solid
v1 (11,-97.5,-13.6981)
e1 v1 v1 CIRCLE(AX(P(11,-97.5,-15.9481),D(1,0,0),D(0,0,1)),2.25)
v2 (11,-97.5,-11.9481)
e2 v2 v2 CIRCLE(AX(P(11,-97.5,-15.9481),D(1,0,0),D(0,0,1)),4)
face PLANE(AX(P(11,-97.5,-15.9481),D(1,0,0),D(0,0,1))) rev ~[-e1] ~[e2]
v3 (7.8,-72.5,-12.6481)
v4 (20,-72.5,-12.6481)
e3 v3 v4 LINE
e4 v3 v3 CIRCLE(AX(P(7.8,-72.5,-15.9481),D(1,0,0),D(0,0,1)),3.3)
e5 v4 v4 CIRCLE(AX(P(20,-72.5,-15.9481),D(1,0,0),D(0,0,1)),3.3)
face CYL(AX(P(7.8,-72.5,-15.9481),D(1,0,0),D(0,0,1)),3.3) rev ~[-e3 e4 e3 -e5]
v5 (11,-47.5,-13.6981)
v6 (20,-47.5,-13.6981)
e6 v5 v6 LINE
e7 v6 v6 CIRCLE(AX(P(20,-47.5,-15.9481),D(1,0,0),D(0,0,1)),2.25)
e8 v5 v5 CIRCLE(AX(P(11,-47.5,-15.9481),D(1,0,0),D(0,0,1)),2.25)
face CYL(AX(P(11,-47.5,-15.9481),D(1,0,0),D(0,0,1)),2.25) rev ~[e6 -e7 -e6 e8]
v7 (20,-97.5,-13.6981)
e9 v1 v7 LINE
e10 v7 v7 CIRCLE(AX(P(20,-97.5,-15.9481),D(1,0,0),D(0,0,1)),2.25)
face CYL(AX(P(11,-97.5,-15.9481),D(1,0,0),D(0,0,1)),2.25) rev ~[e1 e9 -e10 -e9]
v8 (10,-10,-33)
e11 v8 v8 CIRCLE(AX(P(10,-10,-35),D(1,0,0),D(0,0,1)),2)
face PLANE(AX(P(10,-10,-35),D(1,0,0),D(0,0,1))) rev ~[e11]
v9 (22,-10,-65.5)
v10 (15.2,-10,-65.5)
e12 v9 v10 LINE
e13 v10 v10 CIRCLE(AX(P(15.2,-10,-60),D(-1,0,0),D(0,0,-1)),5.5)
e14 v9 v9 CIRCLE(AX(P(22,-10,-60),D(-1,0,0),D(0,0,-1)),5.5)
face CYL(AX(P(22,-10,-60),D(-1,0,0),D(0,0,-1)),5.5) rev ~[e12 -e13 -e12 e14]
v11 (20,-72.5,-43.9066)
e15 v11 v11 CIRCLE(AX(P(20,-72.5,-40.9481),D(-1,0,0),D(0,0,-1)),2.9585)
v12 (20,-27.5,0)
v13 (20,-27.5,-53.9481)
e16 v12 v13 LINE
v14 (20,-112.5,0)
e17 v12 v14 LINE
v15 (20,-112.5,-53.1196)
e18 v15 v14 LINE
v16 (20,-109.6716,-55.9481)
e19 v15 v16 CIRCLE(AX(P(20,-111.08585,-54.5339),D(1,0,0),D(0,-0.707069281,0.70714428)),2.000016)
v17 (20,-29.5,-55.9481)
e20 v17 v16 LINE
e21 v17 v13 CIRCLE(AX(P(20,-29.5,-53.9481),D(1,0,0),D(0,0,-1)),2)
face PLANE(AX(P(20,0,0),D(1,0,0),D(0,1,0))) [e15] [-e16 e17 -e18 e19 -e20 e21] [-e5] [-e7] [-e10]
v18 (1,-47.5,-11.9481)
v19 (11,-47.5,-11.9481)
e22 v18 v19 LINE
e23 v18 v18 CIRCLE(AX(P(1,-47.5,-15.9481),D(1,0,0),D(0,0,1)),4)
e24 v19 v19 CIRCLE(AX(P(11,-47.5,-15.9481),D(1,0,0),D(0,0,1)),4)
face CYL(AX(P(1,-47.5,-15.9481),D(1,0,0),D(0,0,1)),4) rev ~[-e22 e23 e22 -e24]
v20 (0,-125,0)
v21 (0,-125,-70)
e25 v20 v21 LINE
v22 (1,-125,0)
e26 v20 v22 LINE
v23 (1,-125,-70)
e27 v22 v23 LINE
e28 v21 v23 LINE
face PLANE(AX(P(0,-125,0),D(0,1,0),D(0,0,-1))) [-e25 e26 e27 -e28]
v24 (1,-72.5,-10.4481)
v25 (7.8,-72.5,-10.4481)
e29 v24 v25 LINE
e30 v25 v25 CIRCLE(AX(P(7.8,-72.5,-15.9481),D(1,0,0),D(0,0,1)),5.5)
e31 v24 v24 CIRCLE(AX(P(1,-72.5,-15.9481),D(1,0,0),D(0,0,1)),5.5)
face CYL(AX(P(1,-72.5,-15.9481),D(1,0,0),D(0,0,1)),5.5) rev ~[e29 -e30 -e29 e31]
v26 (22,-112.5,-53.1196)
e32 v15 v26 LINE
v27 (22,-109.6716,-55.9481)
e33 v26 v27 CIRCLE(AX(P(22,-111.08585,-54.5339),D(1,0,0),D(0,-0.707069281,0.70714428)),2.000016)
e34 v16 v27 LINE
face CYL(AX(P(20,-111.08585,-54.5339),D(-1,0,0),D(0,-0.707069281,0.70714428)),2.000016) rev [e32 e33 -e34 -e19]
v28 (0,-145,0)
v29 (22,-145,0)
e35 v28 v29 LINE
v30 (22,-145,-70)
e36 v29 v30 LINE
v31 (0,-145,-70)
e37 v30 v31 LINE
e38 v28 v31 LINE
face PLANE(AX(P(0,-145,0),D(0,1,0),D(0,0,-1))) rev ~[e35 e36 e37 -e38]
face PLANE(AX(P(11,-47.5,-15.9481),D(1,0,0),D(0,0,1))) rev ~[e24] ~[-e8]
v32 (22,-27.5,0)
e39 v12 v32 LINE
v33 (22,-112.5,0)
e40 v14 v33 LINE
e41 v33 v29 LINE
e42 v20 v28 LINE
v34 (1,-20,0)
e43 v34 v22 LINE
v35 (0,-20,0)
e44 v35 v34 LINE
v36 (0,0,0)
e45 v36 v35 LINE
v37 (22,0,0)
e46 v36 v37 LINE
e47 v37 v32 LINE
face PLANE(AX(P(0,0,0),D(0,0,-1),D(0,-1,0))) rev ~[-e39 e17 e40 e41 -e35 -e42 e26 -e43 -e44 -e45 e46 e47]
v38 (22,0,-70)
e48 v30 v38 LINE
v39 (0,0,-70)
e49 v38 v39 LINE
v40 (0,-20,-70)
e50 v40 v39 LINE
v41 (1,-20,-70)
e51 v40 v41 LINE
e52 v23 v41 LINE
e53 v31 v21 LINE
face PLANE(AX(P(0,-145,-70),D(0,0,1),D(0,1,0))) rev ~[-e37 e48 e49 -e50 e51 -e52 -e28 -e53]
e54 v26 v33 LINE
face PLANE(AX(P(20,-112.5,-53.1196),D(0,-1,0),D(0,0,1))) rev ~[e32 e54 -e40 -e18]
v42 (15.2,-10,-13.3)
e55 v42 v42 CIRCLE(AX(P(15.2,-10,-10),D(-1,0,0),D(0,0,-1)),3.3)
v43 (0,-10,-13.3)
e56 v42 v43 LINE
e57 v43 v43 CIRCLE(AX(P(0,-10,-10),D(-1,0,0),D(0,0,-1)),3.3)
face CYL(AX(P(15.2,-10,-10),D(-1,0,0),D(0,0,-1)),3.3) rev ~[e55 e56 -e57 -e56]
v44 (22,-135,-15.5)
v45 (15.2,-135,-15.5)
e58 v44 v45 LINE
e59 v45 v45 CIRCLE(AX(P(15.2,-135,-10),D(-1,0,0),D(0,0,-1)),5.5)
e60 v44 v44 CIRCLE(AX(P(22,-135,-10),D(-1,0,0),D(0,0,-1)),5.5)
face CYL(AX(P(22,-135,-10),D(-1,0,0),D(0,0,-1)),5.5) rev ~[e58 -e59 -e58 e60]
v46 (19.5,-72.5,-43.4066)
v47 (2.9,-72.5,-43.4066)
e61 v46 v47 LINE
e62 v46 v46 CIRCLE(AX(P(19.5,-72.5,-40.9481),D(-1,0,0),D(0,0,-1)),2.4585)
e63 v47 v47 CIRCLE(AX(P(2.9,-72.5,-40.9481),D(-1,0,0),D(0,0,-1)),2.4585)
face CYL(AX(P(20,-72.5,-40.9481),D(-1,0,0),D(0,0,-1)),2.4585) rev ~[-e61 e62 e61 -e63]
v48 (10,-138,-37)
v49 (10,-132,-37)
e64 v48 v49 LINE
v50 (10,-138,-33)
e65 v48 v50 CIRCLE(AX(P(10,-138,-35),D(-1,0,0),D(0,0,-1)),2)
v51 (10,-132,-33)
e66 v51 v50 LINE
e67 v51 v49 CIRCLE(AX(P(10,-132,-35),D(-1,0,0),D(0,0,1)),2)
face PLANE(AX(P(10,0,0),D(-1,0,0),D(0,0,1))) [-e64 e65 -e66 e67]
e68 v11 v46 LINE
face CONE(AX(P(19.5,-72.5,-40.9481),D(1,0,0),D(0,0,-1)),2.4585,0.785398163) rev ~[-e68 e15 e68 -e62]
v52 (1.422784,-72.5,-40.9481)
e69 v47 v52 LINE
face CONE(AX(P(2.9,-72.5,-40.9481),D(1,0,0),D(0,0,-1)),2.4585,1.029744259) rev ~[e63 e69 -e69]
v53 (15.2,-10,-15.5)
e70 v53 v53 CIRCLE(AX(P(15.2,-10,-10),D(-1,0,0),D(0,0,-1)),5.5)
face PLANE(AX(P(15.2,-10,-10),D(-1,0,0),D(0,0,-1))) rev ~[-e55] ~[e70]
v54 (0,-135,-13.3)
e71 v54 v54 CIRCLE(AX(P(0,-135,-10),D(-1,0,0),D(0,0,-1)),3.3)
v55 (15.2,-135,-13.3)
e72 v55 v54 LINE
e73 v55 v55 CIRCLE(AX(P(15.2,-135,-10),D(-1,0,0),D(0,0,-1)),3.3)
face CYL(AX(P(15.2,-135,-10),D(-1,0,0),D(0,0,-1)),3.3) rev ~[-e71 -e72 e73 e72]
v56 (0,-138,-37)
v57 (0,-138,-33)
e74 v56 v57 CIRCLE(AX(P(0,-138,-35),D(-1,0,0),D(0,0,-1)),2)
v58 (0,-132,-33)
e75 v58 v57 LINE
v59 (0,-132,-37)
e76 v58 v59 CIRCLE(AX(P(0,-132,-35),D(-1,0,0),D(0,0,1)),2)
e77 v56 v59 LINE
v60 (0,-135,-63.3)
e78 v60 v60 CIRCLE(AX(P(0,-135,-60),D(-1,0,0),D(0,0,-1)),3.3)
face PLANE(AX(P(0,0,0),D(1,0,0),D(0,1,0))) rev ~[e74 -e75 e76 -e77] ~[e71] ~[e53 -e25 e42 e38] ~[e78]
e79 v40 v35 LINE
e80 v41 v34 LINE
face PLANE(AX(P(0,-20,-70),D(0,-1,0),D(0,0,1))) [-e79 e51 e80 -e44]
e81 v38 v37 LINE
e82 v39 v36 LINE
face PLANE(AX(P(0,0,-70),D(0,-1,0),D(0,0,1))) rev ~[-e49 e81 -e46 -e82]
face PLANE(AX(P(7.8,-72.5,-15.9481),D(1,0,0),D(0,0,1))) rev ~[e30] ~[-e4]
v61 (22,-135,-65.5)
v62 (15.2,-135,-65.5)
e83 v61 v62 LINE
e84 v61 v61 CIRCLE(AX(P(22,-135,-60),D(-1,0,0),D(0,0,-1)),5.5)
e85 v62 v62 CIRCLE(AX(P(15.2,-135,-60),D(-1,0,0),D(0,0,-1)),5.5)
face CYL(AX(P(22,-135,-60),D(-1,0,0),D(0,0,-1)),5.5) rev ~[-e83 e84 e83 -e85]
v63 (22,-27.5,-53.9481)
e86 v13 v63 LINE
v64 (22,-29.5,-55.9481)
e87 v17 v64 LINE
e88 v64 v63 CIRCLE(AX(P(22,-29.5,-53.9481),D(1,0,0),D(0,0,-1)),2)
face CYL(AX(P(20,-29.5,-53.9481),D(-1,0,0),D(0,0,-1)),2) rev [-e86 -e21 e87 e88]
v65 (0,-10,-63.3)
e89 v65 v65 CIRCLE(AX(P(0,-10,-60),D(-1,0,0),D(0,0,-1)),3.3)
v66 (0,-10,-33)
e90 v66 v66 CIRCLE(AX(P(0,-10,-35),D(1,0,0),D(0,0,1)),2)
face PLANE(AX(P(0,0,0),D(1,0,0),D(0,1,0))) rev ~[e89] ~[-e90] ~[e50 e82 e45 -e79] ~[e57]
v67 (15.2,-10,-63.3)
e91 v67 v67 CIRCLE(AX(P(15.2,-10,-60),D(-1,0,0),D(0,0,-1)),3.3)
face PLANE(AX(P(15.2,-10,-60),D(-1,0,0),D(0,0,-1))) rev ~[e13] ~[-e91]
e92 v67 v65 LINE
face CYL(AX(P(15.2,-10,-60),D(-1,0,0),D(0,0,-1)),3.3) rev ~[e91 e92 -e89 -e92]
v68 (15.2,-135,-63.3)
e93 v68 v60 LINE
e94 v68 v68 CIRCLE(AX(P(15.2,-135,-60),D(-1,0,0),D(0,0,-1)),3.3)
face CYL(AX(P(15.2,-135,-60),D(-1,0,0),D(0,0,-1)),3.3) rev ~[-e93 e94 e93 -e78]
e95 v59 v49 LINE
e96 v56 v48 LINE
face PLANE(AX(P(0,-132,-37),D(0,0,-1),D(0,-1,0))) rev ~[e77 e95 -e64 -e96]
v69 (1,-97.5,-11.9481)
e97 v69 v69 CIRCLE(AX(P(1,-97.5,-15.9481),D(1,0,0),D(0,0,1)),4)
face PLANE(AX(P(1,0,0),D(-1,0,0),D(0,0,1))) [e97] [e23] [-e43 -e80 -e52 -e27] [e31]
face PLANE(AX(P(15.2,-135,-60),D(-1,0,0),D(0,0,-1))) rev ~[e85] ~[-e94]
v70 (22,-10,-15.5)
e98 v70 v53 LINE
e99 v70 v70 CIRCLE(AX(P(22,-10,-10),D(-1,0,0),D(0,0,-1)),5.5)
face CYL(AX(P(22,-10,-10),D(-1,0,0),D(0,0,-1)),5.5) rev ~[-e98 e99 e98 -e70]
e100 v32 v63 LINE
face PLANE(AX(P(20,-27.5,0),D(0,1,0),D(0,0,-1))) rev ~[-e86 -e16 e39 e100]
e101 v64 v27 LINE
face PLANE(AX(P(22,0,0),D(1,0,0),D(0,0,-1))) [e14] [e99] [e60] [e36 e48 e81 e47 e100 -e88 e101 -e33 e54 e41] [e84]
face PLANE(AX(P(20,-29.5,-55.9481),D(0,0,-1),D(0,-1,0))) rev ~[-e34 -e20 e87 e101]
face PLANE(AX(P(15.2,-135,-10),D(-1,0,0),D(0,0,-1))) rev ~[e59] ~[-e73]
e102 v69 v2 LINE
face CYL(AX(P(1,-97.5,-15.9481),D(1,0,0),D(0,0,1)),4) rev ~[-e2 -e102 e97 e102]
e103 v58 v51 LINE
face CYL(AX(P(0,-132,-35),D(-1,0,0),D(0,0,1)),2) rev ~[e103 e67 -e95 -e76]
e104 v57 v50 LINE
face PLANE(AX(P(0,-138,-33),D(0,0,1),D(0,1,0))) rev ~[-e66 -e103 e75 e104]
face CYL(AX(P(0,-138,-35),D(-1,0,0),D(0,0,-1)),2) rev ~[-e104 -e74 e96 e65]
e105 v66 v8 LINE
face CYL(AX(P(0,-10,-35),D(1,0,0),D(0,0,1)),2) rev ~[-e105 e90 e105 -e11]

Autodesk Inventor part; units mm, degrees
ref_plane "YZ Plane" through (0, 0, 0) normal (1, 0, 0) x (0, 1, 0)
ref_plane "XZ Plane" through (0, 0, 0) normal (0, 1, 0) x (-1, 0, 0)
ref_plane "XY Plane" through (0, 0, 0) normal (0, 0, 1) x (1, 0, 0)
sketch "Sketch1" plane through (0, 0, 0) normal (1, 0, 0) x (0, 1, 0)
  line L0 (0, 0) -> (-145, 0)
  line L1 (-145, 0) -> (-145, -70)
  line L2 (-145, -70) -> (0, -70)
  line L3 (0, -70) -> (0, 0)
  dimension "d0" = 145
  dimension "d1" = 70
extrude "Extrusion1" add sketch "Sketch1" along normal blind 20
sketch "Sketch5" plane through (20, 0, 0) normal (1, 0, 0) x (0, 0, -1)
  line L0 (49.9481, -33) -> (-5.5519, -33) projected
  arc A0 (-6.6519, -32.6703) -> (-5.5519, -33) centre (-5.5519, -31) ccw projected
  line L1 (-6.6519, -32.6703) -> (-6.6519, -47) projected
  arc A1 (-9.5519, -49.9) -> (-6.6519, -47) centre (-9.5519, -47) ccw projected
  line L2 (-9.5519, -49.9) -> (-23.8816, -49.9) projected
  arc A2 (-23.5519, -51) -> (-23.8816, -49.9) centre (-25.5519, -51) ccw projected
  line L3 (-23.5519, -51) -> (-23.5519, -106.5) projected
  arc A3 (-23.5519, -106.5) -> (-18.0519, -112) centre (-18.0519, -106.5) ccw projected
  line L4 (-18.0519, -112) -> (49.9481, -112) projected
  arc A4 (49.9481, -112) -> (55.4481, -106.5) centre (49.9481, -106.5) ccw projected
  line L5 (55.4481, -106.5) -> (55.4481, -38.5) projected
  arc A5 (55.4481, -38.5) -> (49.9481, -33) centre (49.9481, -38.5) ccw projected
  circle A6 centre (15.9481, -97.5) radius 1.65 projected
  circle A7 centre (15.9481, -47.5) radius 1.65 projected
  circle A8 centre (50.6979, -96.4808) radius 0.6924 projected
  circle A9 centre (-9.0519, -72.5) radius 5.5 projected
  circle A10 centre (40.9481, -72.5) radius 5.5 projected
  circle A11 centre (15.9481, -72.5) radius 2.5 projected
  circle A12 centre (-9.0519, -97.5) radius 4 projected
  circle A13 centre (40.9481, -47.5) radius 4 projected
  circle A14 centre (28.9481, -89.75) radius 1.5 projected
  circle A15 centre (47.9481, -43.6) radius 1.5 projected
  circle A16 centre (-12.9519, -104.5) radius 1.5 projected
  circle A17 centre (33.1981, -85.5) radius 1.5 projected
  circle A18 centre (-1.8019, -49.6) radius 1.5 projected
  circle A19 centre (-6.9519, -54.75) radius 1.5 projected
  line L6 (43.2888, -99.6225) -> (54.231, -96.5) projected
  line L7 (54.231, -96.5) -> (50.8902, -107.3775) projected
  line L8 (50.8902, -107.3775) -> (39.9481, -110.5) projected
  line L9 (39.9481, -110.5) -> (43.2888, -99.6225) projected
  line L10 (49.9481, -32.5) -> (-5.5519, -32.5) projected
  arc A20 (55.9481, -38.5) -> (49.9481, -32.5) centre (49.9481, -38.5) ccw projected
  line L11 (55.9481, -106.5) -> (55.9481, -38.5) projected
  arc A21 (49.9481, -112.5) -> (55.9481, -106.5) centre (49.9481, -106.5) ccw projected
  line L12 (-18.0519, -112.5) -> (49.9481, -112.5) projected
sketch "Sketch10" plane through (20, 0, 0) normal (1, 0, 0) x (0, 0, -1)
  line L0 (0, 0) -> (0, -145) construction
  line L1 (0, -145) -> (70, -145) construction
  line L2 (70, -145) -> (70, 0) construction
  line L3 (70, 0) -> (0, 0) construction
  line L4 (49.9481, -32.5) -> (-5.5519, -32.5) construction
  line L5 (55.9481, -106.5) -> (55.9481, -38.5) construction
  line L6 (-18.0519, -112.5) -> (49.9481, -112.5) construction
  line L7 (0, 0) -> (0, -145) construction
  line L8 (0, -112.5) -> (0, -145)
  line L9 (0, -145) -> (70, -145) projected
  line L10 (0, -145) -> (70, -145)
  line L11 (70, -145) -> (70, 0) projected
  line L12 (70, -145) -> (70, 0)
  line L13 (70, 0) -> (0, 0) projected
  line L14 (70, 0) -> (0, 0)
  line L15 (0, 0) -> (0, -27.5)
  line L16 (0, -27.5) -> (53.9481, -27.5)
  line L17 (55.9481, -29.5) -> (55.9481, -109.6716)
  line L18 (53.1196, -112.5) -> (0, -112.5)
  arc A0 (55.9481, -29.5) -> (53.9481, -27.5) centre (53.9481, -29.5) ccw
  line L19 (53.1196, -112.5) -> (55.9481, -109.6716) construction
  arc A1 (53.1196, -112.5) -> (55.9481, -109.6716) centre (54.5339, -111.0858) ccw
  dimension "d74" = 85
  dimension "d76" = 2
  dimension "d79" = 45
  dimension "d80" = 4
extrude "Extrusion2" add sketch "Sketch10" along normal blind 2
sketch "Sketch2" plane through (22, 0, 0) normal (1, 0, 0) x (0, 0, -1)
  line L0 (-23.2163, -0.5426) -> (-23.2163, -85.5426) construction
  line L1 (10, -10) -> (60, -10) construction
  line L2 (60, -10) -> (60, -135) construction
  line L3 (60, -135) -> (10, -135) construction
  line L4 (10, -135) -> (10, -10) construction
  line L5 (-23.2163, -85.5426) -> (29.9034, -85.5426)
  arc A0 (29.9034, -85.5426) -> (32.7318, -82.7142) centre (31.3176, -84.1284) ccw
  line L6 (32.7318, -82.7142) -> (32.7318, -2.5426)
  arc A1 (32.7318, -2.5426) -> (30.7318, -0.5426) centre (30.7318, -2.5426) ccw
  line L7 (30.7318, -0.5426) -> (-23.2163, -0.5426)
  line L8 (70, 0) -> (0, 0) projected
  line L9 (70, -145) -> (70, 0) projected
  dimension "d4" = 50
  dimension "d5" = 125
  dimension "d81" = 10
  dimension "d82" = 10
hole "M6CBoreToTable" at (22, -10, -10) at (22, -10, -60) at (22, -135, -60) at (22, -135, -10) direction (-1, 0, 0) diameter 6.6 end through all counterbore diameter 11 counterbore depth 6.8 clearance for "Socket Head Cap Screw ISO 4762" size "M6" standard "ISO"
hole "Hole9" at (20, -72.5, -40.9481) direction (-1, 0, 0) diameter 4.917 depth 17.1 tip angle 118 thread size "M6x1" class "6H" standard "ISO Metric profile"
chamfer "Chamfer1" distance 0.5 angle 45 1 edges at (20, -72.5, -38.4896)
sketch "Sketch11" plane through (0, 0, 0) normal (-1, 0, 0) x (0, 0, 1)
  circle A0 centre (-60, -10) radius 3.3 construction
  circle A1 centre (-10, -135) radius 3.3 construction
  line L0 (-60, -10) -> (-10, -10) construction
  line L1 (-10, -10) -> (-10, -135) construction
  line L2 (-10, -135) -> (-60, -135) construction
  line L3 (-60, -135) -> (-60, -10) construction
  circle A2 centre (-35, -10) radius 2
  line L4 (-35, -138) -> (-35, -132) construction
  line L5 (-33, -138) -> (-33, -132)
  line L6 (-37, -132) -> (-37, -138)
  arc A3 (-37, -138) -> (-33, -138) centre (-35, -138) ccw
  arc A4 (-33, -132) -> (-37, -132) centre (-35, -132) ccw
  point P0 (0, 0)
  point P1 (-35, -135)
  dimension "d86" = 4
  dimension "d87" = 3
  dimension "d88" = 4
hole "Hole10" at (0, -10, -35) at (0, -135, -35) at (0, -132, -35) at (0, -138, -35) direction (1, 0, 0) diameter 4 depth 10
extrude "Extrusion3" cut sketch "Sketch11" against normal up to surface (10 mm away) contours A3 L6 A4 L5
sketch "Sketch12" plane through (0, 0, 0) normal (-1, 0, 0) x (0, 0, 1)
  line L0 (-70, -145) -> (-70, 0) projected
  line L1 (0, -112.5) -> (0, -145) projected
  line L2 (-70, -20) -> (0, -20)
  line L3 (0, -20) -> (0, -125)
  line L4 (0, -125) -> (-70, -125)
  line L5 (-70, -125) -> (-70, -20)
  line L6 (-70, 0) -> (0, 0) projected
  line L7 (0, -145) -> (-70, -145) projected
  dimension "d98" = 20
  dimension "d99" = 20
extrude "Extrusion4" cut sketch "Sketch12" against normal blind 1 contours L0 L2 L3 L1 L4
sketch "Sketch6" plane through (1, 0, 0) normal (-1, 0, 0) x (0, 0, 1)
  point P0 (0, 0)
  point P1 (-15.9481, -47.5)
  point P2 (-15.9481, -97.5)
sketch "Sketch8" plane through (1, 0, 0) normal (-1, 0, 0) x (0, 0, 1)
  circle A0 centre (-15.9481, -72.5) radius 2.5
  point P0 (0, 0)
hole "M6CBoreToMounted" at (1, -72.5, -15.9481) direction (1, 0, 0) diameter 6.6 end through all counterbore diameter 11 counterbore depth 6.8 clearance for "Socket Head Cap Screw ISO 4762" size "M6" standard "ISO"
hole "Hole8" at (1, -47.5, -15.9481) at (1, -97.5, -15.9481) direction (1, 0, 0) diameter 4.5 end through all counterbore diameter 8 counterbore depth 10 clearance for "Socket Head Cap Screw ISO 4762" size "M4" standard "ISO"
equation "\"d86\" = d88"
equation "\"d89\" = d88"
properties part number "FAB-OX0009"
